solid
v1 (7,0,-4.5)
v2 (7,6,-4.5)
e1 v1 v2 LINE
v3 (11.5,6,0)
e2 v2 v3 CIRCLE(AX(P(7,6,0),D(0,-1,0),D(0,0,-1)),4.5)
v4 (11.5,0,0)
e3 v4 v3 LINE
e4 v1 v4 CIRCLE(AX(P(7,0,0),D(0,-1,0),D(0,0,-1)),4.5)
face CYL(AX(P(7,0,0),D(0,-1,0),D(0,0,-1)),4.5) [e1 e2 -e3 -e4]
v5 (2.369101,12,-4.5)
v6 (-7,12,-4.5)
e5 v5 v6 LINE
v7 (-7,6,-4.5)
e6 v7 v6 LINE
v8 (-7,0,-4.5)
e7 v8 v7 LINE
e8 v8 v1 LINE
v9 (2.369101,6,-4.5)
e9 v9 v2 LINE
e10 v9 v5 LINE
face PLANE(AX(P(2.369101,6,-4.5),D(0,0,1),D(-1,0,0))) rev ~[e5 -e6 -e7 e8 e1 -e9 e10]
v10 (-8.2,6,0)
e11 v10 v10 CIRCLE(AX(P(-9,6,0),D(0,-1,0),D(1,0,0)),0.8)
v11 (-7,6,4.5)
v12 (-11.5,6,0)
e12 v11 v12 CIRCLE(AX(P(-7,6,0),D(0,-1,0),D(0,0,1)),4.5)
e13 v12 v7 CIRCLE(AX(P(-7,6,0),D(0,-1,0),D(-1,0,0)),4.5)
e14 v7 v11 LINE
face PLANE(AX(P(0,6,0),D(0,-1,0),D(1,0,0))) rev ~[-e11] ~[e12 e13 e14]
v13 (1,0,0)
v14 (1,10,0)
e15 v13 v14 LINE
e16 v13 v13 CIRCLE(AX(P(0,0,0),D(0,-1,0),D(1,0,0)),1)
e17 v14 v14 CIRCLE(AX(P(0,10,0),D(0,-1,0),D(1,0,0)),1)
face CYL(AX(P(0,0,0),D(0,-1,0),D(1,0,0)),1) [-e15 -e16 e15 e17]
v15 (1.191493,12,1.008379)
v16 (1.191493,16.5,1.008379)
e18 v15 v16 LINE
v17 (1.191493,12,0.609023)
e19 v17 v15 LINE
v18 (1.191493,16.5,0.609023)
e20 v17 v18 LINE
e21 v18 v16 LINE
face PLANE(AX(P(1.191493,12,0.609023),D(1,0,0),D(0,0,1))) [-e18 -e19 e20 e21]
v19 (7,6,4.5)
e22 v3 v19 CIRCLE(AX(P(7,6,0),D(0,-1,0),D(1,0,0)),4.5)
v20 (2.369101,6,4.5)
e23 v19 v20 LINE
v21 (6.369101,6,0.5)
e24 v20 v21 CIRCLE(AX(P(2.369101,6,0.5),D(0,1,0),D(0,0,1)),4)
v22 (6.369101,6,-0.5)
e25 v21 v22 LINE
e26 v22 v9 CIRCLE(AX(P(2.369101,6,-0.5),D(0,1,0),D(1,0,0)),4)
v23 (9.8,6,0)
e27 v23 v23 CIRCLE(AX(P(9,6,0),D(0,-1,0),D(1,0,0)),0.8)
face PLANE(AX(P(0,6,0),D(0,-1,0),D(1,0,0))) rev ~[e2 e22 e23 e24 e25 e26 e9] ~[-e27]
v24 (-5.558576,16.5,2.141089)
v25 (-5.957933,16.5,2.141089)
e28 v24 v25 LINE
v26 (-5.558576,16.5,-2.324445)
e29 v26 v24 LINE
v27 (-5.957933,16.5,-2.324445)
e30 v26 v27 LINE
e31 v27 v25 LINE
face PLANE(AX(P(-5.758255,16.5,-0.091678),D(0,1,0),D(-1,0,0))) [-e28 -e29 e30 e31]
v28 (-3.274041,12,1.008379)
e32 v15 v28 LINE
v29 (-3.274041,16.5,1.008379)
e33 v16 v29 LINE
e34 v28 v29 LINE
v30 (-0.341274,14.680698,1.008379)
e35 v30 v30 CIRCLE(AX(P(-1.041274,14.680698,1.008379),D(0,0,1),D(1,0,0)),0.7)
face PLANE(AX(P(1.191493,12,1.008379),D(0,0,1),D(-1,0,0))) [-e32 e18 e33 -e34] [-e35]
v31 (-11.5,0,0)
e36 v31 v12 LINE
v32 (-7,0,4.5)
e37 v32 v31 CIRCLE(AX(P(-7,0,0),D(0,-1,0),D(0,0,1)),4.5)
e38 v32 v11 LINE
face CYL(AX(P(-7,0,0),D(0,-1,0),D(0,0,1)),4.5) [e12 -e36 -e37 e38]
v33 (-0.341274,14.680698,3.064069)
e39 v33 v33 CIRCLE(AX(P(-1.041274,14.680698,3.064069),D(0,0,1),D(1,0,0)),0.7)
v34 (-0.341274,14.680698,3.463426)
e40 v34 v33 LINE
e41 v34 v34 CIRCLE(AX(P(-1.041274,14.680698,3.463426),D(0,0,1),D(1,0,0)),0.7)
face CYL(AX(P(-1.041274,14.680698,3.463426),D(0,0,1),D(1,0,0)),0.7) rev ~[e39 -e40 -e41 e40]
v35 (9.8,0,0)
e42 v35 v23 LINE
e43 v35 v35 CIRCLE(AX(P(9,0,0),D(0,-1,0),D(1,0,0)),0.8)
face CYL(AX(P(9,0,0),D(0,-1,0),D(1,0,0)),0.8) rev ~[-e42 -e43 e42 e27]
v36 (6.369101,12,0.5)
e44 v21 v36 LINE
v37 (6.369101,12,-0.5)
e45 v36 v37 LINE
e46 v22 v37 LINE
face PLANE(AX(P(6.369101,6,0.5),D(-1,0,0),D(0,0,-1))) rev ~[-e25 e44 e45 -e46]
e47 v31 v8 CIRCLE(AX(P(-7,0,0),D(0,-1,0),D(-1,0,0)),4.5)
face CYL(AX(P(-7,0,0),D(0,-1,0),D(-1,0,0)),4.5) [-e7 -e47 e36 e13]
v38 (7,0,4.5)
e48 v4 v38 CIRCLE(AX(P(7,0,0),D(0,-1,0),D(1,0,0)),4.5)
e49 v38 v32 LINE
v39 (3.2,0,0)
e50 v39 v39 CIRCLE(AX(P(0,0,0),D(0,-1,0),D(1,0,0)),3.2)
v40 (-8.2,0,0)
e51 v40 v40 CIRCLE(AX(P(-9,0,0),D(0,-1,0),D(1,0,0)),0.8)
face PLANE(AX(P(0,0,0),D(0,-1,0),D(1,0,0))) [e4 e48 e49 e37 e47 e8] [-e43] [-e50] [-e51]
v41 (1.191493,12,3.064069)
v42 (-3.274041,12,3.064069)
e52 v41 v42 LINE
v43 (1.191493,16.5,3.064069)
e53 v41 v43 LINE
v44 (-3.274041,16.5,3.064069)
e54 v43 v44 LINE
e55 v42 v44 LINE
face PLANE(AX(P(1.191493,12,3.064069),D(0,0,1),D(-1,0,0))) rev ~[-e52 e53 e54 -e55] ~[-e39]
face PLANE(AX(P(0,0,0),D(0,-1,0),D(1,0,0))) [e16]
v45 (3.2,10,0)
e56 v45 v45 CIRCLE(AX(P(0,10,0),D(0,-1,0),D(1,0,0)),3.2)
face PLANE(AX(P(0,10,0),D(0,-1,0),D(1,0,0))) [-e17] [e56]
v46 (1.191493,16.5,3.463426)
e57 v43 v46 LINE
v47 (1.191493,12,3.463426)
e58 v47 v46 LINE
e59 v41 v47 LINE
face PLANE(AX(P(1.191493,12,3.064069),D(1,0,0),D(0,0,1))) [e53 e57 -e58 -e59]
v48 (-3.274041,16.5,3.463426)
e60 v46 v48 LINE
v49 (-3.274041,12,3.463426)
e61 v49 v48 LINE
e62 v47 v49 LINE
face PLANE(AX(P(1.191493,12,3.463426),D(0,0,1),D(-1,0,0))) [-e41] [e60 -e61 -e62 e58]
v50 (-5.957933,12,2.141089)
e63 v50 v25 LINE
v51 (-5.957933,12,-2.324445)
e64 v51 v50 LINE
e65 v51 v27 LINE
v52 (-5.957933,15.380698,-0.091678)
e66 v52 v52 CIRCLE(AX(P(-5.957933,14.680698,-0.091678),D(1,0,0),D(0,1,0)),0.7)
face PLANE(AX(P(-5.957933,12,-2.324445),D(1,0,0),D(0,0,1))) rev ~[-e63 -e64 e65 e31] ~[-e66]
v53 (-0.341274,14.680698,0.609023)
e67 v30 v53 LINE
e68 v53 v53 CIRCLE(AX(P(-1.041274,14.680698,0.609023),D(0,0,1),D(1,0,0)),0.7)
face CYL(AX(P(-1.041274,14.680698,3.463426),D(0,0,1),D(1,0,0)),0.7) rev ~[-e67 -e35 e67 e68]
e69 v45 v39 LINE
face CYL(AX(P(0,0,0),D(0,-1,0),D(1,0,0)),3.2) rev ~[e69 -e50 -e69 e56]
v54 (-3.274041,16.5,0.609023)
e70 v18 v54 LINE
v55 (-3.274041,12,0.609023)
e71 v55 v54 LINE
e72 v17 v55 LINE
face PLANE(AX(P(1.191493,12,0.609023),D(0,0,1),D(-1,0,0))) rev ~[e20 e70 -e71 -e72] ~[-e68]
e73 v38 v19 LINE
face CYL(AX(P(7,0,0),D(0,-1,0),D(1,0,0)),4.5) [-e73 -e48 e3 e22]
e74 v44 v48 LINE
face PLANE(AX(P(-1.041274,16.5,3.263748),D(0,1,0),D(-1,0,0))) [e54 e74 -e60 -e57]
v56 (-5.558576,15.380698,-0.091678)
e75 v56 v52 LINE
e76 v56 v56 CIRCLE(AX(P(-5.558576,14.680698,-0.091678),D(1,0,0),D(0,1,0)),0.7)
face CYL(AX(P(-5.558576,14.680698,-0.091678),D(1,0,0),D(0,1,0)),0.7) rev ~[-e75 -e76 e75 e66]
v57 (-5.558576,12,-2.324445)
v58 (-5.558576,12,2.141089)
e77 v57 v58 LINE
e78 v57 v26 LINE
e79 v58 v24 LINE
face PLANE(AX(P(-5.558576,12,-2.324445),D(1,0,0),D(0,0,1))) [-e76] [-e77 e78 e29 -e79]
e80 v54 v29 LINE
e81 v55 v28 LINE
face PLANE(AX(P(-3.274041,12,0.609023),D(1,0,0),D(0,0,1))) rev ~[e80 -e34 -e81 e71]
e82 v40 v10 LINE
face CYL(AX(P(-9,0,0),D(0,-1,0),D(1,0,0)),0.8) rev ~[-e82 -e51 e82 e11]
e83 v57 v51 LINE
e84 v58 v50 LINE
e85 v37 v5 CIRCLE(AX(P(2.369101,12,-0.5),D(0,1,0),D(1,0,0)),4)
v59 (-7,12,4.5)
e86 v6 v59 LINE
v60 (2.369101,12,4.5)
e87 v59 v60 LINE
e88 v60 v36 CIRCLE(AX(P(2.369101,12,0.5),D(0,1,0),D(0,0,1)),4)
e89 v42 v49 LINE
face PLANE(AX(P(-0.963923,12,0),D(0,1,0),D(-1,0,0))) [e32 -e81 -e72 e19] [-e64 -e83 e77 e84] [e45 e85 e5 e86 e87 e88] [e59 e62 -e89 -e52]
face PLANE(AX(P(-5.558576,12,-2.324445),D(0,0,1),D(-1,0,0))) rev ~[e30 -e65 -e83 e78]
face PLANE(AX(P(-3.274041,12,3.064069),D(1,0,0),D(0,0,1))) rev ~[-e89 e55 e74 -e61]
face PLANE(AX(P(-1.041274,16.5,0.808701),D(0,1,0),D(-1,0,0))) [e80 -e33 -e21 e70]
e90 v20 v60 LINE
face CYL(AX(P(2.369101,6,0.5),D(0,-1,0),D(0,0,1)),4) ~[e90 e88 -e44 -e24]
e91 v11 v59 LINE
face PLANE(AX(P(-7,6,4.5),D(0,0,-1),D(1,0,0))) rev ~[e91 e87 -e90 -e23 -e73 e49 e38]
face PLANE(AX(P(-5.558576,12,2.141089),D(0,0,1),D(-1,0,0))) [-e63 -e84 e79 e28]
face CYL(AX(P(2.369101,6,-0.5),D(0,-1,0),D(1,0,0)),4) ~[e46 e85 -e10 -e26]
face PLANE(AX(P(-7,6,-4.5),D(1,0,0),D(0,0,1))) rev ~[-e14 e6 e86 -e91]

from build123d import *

# Parameters (mm, degrees)
F0_R      = 0.8
F0_R_2    = 3.2
F1_DEPTH  = 6
F3_DEPTH  = 6
F4_W      = 4.4655336533
F4_H      = 0.3993565915
F4_W_2    = 0.3993565915
F4_H_2    = 4.4655336533
F5_DEPTH  = 4.5
F6_R      = 0.7
F7_DEPTH  = 5
F8_R      = 0.7
F9_DEPTH  = 1
F0_R_3    = 1
F10_DEPTH = 10
F11_DEPTH = 10


with BuildPart() as f1:
    # F0 (on Front) → F1 (new body)
    with BuildSketch(Plane.XZ):
        with BuildLine():
            Line((-7, -4.5), (7, -4.5))
            ThreePointArc((7, -4.5), (10.1819805153, -3.1819805153), (11.5, 0))
            ThreePointArc((11.5, 0), (10.1819805153, 3.1819805153), (7, 4.5))
            Line((7, 4.5), (-7, 4.5))
            ThreePointArc((-7, 4.5), (-10.1819805153, 3.1819805153), (-11.5, 0))
            ThreePointArc((-11.5, 0), (-10.1819805153, -3.1819805153), (-7, -4.5))
        make_face()
        with Locations((-9, 0)):
            Circle(F0_R, mode=Mode.SUBTRACT)
        Circle(F0_R_2, mode=Mode.SUBTRACT)
        with Locations((9, 0)):
            Circle(F0_R, mode=Mode.SUBTRACT)
    extrude(amount=-F1_DEPTH)

    # F2 (on face) → F3 (join)
    with BuildSketch(Plane(origin=(0, 6, 0), x_dir=(-1, 0, 0), z_dir=(0, 1, 0))):
        with BuildLine():
            Line((7, 4.5), (-2.3691008836, 4.5))
            ThreePointArc((-2.3691008836, 4.5), (-5.1975280083, 3.3284271247), (-6.3691008836, 0.5))
            Line((-6.3691008836, 0.5), (-6.3691008836, -0.5))
            ThreePointArc((-6.3691008836, -0.5), (-5.1975280083, -3.3284271247), (-2.3691008836, -4.5))
            Line((-2.3691008836, -4.5), (7, -4.5))
            Line((7, -4.5), (7, 4.5))
        make_face()
    extrude(amount=F3_DEPTH)

    # F4 (on face) → F5 (join)
    with BuildSketch(Plane(origin=(0, 12, 0), x_dir=(-1, 0, 0), z_dir=(0, 1, 0))):
        with Locations((1.0412741685, 3.2637477852)):
            Rectangle(F4_W, F4_H)
        with Locations((1.0412741685, 0.8087011712)):
            Rectangle(F4_W, F4_H)
        with Locations((5.7582546142, -0.0916777644)):
            Rectangle(F4_W_2, F4_H_2)
    extrude(amount=F5_DEPTH)

    # F6 (on face) → F7 (cut)
    with BuildSketch(Plane.XY.offset(3.463426081)):
        with Locations((-1.0412741685, 14.6806975827)):
            Circle(F6_R)
    extrude(amount=-F7_DEPTH, mode=Mode.SUBTRACT)

    # F8 (on face) → F9 (cut)
    with BuildSketch(Plane.YZ.offset(-5.5585763184)):
        with Locations((14.6806975827, -0.0916777644)):
            Circle(F8_R)
    extrude(amount=-F9_DEPTH, mode=Mode.SUBTRACT)

    # F0 (on Front) → F10 (cut)
    with BuildSketch(Plane.XZ):
        Circle(F0_R_2)
        Circle(F0_R_3, mode=Mode.SUBTRACT)
    extrude(amount=-F10_DEPTH, mode=Mode.SUBTRACT)

    # F0 (on Front) → F11 (join)
    with BuildSketch(Plane.XZ):
        Circle(F0_R_3)
    extrude(amount=-F11_DEPTH)


solid = f1.part
